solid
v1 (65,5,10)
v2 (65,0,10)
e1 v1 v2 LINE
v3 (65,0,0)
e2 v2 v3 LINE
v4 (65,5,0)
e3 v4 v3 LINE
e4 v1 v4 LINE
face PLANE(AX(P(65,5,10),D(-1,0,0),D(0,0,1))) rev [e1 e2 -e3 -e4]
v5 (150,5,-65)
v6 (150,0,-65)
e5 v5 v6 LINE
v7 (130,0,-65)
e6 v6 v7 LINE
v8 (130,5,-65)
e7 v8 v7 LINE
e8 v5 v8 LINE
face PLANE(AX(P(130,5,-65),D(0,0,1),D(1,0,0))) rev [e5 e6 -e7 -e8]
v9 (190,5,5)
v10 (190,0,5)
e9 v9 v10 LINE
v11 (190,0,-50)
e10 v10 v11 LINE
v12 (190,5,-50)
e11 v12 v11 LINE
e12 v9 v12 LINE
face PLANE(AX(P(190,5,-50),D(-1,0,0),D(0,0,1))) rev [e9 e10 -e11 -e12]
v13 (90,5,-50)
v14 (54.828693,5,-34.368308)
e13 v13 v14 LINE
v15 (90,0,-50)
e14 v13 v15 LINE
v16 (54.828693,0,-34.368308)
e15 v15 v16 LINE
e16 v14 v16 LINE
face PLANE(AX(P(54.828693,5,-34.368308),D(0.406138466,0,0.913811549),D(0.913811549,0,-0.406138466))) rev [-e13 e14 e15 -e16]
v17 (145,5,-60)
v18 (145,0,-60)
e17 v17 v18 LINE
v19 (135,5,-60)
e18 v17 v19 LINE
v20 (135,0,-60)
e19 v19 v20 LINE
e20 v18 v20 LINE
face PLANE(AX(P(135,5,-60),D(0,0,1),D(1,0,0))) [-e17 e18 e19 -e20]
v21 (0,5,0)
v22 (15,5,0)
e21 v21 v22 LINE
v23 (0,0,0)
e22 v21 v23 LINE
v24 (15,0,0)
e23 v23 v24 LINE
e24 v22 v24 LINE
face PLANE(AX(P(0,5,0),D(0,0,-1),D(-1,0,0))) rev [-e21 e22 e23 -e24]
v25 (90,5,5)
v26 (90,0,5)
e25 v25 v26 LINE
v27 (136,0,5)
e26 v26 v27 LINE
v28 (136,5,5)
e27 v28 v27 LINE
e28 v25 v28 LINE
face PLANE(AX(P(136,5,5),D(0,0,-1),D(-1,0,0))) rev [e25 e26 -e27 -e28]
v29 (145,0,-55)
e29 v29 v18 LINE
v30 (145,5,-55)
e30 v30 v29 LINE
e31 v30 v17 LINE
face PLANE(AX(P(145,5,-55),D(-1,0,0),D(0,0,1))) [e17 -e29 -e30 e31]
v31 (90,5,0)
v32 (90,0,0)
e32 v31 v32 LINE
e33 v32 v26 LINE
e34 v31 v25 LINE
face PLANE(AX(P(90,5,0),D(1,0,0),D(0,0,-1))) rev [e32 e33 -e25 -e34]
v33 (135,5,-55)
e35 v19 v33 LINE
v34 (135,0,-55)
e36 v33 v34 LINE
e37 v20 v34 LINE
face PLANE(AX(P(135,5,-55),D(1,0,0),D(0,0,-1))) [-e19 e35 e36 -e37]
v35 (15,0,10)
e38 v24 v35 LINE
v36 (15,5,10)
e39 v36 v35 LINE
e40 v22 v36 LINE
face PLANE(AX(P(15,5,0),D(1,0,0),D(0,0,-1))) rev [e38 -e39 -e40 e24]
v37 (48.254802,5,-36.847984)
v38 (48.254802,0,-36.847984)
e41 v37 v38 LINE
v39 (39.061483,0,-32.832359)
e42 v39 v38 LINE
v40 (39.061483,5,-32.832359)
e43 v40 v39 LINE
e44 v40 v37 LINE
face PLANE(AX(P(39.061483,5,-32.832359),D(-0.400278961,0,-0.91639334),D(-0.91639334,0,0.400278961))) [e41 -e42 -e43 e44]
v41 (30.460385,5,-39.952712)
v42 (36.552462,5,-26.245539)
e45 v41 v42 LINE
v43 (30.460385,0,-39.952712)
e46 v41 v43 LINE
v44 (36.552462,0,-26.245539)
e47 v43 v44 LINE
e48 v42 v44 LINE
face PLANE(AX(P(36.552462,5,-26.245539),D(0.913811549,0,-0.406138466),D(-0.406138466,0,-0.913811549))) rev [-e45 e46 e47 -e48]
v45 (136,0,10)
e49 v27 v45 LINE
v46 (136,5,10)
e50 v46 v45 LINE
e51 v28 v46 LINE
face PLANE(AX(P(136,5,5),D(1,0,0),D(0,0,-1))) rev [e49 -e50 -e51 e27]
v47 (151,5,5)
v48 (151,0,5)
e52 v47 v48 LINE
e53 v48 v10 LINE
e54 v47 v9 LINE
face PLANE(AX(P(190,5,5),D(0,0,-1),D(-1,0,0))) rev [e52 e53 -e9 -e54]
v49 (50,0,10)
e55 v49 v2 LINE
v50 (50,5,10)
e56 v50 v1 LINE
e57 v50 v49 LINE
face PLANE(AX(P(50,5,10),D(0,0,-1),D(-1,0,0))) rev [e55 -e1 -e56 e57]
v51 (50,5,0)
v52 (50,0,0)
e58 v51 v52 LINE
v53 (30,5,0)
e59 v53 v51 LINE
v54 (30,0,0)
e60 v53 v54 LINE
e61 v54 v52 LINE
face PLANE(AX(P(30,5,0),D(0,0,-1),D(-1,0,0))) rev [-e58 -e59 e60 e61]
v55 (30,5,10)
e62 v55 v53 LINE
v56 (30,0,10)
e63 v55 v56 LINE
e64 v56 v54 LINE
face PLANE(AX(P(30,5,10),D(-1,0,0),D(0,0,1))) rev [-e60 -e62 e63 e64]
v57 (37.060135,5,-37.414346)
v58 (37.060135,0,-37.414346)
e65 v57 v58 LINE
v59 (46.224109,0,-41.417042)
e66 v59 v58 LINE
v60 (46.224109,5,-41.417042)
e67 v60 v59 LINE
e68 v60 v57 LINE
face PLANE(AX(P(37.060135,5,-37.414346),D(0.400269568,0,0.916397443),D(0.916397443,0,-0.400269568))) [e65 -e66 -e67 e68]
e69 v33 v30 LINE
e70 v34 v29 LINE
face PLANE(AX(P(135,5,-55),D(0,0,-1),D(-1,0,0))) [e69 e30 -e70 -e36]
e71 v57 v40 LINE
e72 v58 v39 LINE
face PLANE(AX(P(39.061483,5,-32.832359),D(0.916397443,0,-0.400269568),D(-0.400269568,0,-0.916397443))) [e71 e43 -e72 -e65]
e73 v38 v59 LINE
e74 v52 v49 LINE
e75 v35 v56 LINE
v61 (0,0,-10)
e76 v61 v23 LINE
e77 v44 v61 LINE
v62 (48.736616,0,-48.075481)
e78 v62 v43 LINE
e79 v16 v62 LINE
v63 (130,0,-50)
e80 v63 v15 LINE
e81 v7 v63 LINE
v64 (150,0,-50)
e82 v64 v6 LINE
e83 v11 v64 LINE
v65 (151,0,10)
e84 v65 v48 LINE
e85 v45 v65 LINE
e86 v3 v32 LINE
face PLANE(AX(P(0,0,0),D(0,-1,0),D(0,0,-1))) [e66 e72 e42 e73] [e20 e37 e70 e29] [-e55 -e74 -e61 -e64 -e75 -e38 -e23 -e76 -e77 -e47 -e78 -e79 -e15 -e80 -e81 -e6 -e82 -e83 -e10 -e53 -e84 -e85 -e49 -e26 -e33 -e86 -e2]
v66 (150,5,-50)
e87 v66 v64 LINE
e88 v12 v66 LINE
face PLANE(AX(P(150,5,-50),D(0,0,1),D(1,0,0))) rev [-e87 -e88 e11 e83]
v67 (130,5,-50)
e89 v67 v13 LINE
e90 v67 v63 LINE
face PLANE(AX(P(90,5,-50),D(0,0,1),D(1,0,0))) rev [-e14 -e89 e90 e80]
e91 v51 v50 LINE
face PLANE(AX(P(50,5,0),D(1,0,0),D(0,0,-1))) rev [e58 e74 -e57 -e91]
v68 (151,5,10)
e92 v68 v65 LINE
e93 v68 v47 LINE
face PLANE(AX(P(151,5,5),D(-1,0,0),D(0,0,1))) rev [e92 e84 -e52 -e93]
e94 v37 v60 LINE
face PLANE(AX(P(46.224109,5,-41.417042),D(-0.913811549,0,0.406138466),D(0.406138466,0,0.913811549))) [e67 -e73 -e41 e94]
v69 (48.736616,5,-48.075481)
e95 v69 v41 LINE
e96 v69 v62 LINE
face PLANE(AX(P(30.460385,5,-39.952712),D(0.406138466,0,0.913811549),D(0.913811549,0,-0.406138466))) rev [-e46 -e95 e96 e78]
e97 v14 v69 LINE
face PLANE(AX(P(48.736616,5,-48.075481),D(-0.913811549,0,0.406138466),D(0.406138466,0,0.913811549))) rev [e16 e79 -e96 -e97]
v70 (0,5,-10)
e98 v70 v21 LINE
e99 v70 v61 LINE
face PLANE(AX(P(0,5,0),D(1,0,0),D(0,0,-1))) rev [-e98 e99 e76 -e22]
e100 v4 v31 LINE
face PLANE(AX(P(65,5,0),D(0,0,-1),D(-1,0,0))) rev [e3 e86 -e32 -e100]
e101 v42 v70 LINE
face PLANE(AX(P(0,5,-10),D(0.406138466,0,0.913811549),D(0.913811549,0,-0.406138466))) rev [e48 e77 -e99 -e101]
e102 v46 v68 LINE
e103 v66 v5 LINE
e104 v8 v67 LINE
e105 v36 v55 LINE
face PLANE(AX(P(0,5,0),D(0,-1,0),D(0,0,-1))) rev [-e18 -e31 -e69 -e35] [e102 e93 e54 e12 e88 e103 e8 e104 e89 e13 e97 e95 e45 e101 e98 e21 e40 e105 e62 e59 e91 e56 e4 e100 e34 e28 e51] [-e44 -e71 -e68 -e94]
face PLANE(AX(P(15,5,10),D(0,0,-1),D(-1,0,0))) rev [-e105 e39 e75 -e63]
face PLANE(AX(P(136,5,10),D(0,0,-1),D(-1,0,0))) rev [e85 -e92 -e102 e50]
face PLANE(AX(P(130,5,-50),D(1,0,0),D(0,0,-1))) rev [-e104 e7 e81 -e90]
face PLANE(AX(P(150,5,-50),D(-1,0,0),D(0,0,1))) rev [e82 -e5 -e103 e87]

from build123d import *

# Parameters (mm, degrees)
SKETCH1_W           = 10
SKETCH1_H           = 5
BOSS_EXTRUDE1_DEPTH = 5


with BuildPart() as part:
    # Sketch1 → Boss-Extrude1 (new body)
    with BuildSketch(Plane(origin=(0, 0, 0), x_dir=(1, 0, 0), z_dir=(0, 1, 0))):
        Polygon((0, 0), (15, 0), (15, -10), (30, -10), (30, 0), (50, 0), (50, -10), (65, -10), (65, 0), (90, 0), (90, -5), (136, -5), (136, -10), (151, -10), (151, -5), (190, -5), (190, 50), (150, 50), (150, 65), (130, 65), (130, 50), (90, 50), (54.828692917, 34.368307963), (48.736615926, 48.075481193), (30.460384954, 39.952711871), (36.552461945, 26.245538642), (0, 10), align=None)
        Polygon((39.061482867, 32.832359245), (37.060135027, 37.414346459), (46.224109455, 41.417042137), (48.254801785, 36.847984394), align=None, mode=Mode.SUBTRACT)
        with Locations((140, 57.5)):
            Rectangle(SKETCH1_W, SKETCH1_H, mode=Mode.SUBTRACT)
    extrude(amount=BOSS_EXTRUDE1_DEPTH)


solid = part.part
